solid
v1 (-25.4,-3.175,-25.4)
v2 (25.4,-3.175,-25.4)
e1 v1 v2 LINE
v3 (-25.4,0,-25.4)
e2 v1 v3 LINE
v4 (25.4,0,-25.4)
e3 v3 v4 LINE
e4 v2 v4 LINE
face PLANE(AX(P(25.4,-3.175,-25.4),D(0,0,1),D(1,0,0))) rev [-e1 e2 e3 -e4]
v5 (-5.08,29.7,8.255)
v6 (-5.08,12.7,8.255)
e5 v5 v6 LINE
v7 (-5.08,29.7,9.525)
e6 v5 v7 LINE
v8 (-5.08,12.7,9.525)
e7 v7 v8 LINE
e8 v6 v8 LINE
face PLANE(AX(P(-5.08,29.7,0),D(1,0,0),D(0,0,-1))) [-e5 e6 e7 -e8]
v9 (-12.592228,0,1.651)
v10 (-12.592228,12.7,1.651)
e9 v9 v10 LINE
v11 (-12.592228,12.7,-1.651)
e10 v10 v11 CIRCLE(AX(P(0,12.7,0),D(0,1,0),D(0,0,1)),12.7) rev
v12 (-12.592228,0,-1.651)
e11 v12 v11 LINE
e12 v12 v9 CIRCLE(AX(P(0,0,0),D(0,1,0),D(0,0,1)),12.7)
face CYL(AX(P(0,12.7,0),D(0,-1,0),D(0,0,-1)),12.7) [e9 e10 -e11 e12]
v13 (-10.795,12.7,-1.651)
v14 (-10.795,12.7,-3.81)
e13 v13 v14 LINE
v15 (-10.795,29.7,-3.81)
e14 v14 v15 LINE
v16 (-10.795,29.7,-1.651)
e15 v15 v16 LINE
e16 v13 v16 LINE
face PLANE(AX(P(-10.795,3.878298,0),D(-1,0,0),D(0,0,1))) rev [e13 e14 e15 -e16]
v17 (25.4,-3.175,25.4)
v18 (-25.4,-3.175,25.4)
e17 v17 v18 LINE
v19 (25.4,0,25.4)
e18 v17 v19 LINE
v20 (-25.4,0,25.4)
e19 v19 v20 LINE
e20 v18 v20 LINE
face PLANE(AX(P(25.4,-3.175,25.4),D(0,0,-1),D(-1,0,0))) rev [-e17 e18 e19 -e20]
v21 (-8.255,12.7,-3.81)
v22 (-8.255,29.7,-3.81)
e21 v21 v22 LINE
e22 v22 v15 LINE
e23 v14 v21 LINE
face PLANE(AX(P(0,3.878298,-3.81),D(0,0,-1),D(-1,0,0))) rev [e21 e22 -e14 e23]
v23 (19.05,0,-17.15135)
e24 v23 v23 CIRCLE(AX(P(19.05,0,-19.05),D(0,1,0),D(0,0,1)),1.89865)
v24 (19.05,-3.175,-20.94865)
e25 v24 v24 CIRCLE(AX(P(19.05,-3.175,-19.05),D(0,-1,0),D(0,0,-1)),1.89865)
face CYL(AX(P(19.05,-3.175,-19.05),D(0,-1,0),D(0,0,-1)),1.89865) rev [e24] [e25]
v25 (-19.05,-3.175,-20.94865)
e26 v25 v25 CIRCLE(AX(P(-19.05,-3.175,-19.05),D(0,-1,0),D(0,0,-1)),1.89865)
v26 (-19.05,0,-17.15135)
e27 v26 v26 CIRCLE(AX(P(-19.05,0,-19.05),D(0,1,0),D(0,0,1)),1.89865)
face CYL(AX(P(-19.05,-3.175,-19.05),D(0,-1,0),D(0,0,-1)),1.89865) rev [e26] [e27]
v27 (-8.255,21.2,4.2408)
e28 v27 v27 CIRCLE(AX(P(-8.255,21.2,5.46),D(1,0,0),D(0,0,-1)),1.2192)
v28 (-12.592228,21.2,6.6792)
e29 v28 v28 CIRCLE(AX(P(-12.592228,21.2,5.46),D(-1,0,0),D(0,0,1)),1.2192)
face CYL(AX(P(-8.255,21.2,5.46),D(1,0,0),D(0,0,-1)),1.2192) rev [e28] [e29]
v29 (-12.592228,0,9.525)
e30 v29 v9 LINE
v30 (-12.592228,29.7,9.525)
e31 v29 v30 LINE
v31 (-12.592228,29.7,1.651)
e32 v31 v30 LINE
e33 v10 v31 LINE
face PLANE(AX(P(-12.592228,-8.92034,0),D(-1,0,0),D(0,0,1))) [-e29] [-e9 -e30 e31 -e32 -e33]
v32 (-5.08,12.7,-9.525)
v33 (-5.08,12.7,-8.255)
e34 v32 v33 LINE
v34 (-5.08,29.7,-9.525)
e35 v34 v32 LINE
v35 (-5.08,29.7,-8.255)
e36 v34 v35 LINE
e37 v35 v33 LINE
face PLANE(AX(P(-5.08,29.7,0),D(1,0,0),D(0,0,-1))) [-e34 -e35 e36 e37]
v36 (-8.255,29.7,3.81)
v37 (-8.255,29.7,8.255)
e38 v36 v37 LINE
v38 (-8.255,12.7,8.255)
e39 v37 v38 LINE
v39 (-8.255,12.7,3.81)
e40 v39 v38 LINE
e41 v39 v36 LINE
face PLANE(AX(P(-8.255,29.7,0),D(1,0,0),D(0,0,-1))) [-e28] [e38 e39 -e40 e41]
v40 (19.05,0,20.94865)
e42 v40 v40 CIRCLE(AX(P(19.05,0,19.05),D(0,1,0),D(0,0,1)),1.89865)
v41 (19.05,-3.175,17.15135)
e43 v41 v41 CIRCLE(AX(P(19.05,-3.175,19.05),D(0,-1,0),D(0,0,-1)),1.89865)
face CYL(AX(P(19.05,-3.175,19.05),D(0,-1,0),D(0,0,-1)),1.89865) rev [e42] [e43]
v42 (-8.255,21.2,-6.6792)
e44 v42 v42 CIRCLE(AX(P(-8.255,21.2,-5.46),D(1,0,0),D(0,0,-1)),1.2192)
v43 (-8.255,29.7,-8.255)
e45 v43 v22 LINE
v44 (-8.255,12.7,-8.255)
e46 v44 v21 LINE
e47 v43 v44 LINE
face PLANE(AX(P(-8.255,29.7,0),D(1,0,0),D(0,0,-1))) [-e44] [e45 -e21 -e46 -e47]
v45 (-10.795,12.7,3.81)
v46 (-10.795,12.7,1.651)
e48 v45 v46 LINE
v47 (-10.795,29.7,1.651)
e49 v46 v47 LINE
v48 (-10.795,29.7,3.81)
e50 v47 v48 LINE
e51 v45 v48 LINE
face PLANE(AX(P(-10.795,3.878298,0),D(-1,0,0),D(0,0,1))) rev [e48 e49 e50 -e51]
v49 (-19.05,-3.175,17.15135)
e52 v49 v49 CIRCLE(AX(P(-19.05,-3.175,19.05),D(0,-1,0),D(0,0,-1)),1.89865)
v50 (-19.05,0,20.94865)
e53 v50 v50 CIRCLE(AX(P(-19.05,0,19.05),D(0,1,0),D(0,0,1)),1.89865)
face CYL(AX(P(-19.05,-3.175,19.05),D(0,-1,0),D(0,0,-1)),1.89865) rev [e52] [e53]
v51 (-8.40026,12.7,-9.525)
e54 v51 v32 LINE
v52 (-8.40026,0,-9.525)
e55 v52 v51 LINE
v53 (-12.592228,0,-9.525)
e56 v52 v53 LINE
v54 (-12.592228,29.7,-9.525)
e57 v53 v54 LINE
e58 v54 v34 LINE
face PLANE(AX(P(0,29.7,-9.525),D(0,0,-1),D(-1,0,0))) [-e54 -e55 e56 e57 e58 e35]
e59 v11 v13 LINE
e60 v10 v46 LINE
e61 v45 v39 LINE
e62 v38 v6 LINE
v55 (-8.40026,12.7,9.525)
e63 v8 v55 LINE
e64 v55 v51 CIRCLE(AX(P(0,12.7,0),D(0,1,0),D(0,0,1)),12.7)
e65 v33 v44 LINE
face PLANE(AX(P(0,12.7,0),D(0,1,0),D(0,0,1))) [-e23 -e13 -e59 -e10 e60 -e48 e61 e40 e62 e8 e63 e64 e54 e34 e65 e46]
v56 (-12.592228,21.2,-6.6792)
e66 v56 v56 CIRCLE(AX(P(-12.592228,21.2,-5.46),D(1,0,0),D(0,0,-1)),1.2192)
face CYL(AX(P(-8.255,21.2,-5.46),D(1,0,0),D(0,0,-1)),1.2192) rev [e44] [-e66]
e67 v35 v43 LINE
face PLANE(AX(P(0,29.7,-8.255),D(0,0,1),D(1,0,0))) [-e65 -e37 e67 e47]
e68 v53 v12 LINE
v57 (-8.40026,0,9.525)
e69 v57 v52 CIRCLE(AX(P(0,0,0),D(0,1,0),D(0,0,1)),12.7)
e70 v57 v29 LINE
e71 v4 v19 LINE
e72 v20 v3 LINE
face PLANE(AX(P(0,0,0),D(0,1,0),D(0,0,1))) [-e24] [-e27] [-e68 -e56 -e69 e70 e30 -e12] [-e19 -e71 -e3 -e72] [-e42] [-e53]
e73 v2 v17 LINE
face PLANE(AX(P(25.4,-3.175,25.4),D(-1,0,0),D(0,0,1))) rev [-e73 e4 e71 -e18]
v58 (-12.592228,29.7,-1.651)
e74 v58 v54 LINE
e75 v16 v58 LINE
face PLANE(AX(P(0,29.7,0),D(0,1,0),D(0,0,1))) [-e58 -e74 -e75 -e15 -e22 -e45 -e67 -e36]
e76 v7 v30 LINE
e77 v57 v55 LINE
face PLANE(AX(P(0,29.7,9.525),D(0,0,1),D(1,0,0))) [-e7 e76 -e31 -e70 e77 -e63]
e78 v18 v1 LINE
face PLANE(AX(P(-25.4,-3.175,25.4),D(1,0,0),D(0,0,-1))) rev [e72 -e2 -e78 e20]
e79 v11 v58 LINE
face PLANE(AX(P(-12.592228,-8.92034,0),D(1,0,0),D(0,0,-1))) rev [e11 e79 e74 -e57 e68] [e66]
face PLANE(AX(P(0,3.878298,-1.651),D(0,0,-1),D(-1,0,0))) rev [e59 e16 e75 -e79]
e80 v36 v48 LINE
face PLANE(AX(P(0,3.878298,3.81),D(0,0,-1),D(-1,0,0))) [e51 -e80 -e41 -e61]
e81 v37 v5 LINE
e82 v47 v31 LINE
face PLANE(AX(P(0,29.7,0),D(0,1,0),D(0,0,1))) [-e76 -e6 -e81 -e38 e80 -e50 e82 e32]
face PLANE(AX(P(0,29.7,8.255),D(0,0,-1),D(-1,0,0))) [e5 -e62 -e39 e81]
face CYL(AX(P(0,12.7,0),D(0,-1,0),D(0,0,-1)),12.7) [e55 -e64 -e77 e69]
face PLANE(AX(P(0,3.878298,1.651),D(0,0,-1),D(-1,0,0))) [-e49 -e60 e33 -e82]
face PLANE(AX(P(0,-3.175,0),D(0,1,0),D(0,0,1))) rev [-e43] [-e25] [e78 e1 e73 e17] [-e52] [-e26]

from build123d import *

# Parameters (mm, degrees)
SKETCH1_R                 = 12.7
BOSS_EXTRUDE1_DEPTH       = 12.7
BOSS_EXTRUDE2_DEPTH       = 17
CUT_EXTRUDE3_DEPTH        = 17
BOSS_EXTRUDE4_REACH       = 36.708
F_2_CLEARANCE_HOLE1_D     = 2.4384
F_2_CLEARANCE_HOLE1_DEPTH = 25.4
F_2_CLEARANCE_HOLE1_TIP   = 0.732569267
SKETCH14_W                = 50.8
SKETCH14_H                = 50.8
BOSS_EXTRUDE7_DEPTH       = 3.175
F_6_CLEARANCE_HOLE1_D     = 3.7973
F_6_CLEARANCE_HOLE1_DEPTH = 25.4
F_6_CLEARANCE_HOLE1_TIP   = 1.140824014


with BuildPart() as part:
    # Sketch1 → Boss-Extrude1 (new body)
    with BuildSketch(Plane(origin=(0, 0, 0), x_dir=(1, 0, 0), z_dir=(0, 1, 0))):
        with Locations(Location((0, 0, 0), (0, 0, 270))):
            Circle(SKETCH1_R)
    extrude(amount=BOSS_EXTRUDE1_DEPTH)

    # Sketch7 → Boss-Extrude2 (add)
    with BuildSketch(Plane(origin=(0, 12.7, 0), x_dir=(1, 0, 0), z_dir=(0, 1, 0))):
        with BuildLine():
            ThreePointArc((-8.400260413, 9.525), (-11.575260413, 5.225260413), (-12.7, 0))
            ThreePointArc((-12.7, 0), (-11.575260413, -5.225260413), (-8.400260413, -9.525))
            Line((-8.400260413, -9.525), (-5.08, -9.525))
            Line((-5.08, -9.525), (-5.08, -8.255))
            Line((-5.08, -8.255), (-8.255, -8.255))
            Line((-8.255, -8.255), (-8.255, 8.255))
            Line((-8.255, 8.255), (-5.08, 8.255))
            Line((-5.08, 8.255), (-5.08, 9.525))
            Line((-5.08, 9.525), (-8.400260413, 9.525))
        make_face()
    extrude(amount=BOSS_EXTRUDE2_DEPTH)

    # Sketch8 → Cut-Extrude3 (cut)
    with BuildSketch(Plane(origin=(0, 29.7, 0), x_dir=(1, 0, 0), z_dir=(0, 1, 0))):
        Polygon((-8.255, -3.81), (-8.255, 3.81), (-10.795, 3.81), (-10.795, 1.651), (-12.7, 1.651), (-12.7, -1.651), (-10.795, -1.651), (-10.795, -3.81), align=None)
    extrude(amount=-CUT_EXTRUDE3_DEPTH, mode=Mode.SUBTRACT)

    # Boss-Extrude4: up to this face of the body (flat: up to its plane)
    boss_extrude4_end = Plane(part.part.faces().sort_by_distance((0, 0, 0))[0])
    # Sketch13 → Boss-Extrude4 (add, up to the picked face)
    with BuildSketch(Plane(origin=(0, 29.7, 0), x_dir=(1, 0, 0), z_dir=(0, 1, 0)), mode=Mode.PRIVATE) as boss_extrude4_sk1:
        with BuildLine():
            Line((-12.592227722, 1.651), (-12.592227722, 9.525))
            Line((-12.592227722, 9.525), (-8.400260413, 9.525))
            ThreePointArc((-8.400260413, 9.525), (-11.210312597, 5.968156456), (-12.592227722, 1.651))
        make_face()
    boss_extrude4_tool1 = split(extrude(boss_extrude4_sk1.sketch, amount=-BOSS_EXTRUDE4_REACH, mode=Mode.PRIVATE), bisect_by=boss_extrude4_end, keep=Keep.BOTH, mode=Mode.PRIVATE)
    # Sketch13 → Boss-Extrude4 (add, up to the picked face)
    with BuildSketch(Plane(origin=(0, 29.7, 0), x_dir=(1, 0, 0), z_dir=(0, 1, 0)), mode=Mode.PRIVATE) as boss_extrude4_sk2:
        with BuildLine():
            Line((-12.592227722, -1.651), (-12.592227722, -9.525))
            Line((-12.592227722, -9.525), (-8.400260413, -9.525))
            ThreePointArc((-8.400260413, -9.525), (-11.210312597, -5.968156456), (-12.592227722, -1.651))
        make_face()
    boss_extrude4_tool2 = split(extrude(boss_extrude4_sk2.sketch, amount=-BOSS_EXTRUDE4_REACH, mode=Mode.PRIVATE), bisect_by=boss_extrude4_end, keep=Keep.BOTH, mode=Mode.PRIVATE)
    add(boss_extrude4_tool1.solids().sort_by(Axis((-11.366083, 29.7, -7.381946), (0, -1, 0)))[0])
    add(boss_extrude4_tool2.solids().sort_by(Axis((-11.366083, 29.7, 7.381946), (0, -1, 0)))[0])

    # #2 Clearance Hole1
    with Locations(Plane(origin=(-8.255, 0, 0), x_dir=(0, 0, -1), z_dir=(1, 0, 0))):
        with Locations((-5.46, 21.2), (5.46, 21.2)):
            Hole(F_2_CLEARANCE_HOLE1_D / 2, depth=F_2_CLEARANCE_HOLE1_DEPTH)
            with Locations((0, 0, -(F_2_CLEARANCE_HOLE1_DEPTH + F_2_CLEARANCE_HOLE1_TIP / 2))):  # 118° drill point
                Cone(0, F_2_CLEARANCE_HOLE1_D / 2, F_2_CLEARANCE_HOLE1_TIP, mode=Mode.SUBTRACT)

    # Sketch14 → Boss-Extrude7 (add)
    with BuildSketch(Plane.XZ):
        Rectangle(SKETCH14_W, SKETCH14_H)
    extrude(amount=BOSS_EXTRUDE7_DEPTH)

    # #6 Clearance Hole1
    with Locations(Plane(origin=(0, -3.175, 0), x_dir=(-1, 0, 0), z_dir=(0, -1, 0))):
        with Locations((19.05, -19.05), (-19.05, -19.05), (-19.05, 19.05), (19.05, 19.05)):
            Hole(F_6_CLEARANCE_HOLE1_D / 2, depth=F_6_CLEARANCE_HOLE1_DEPTH)
            with Locations((0, 0, -(F_6_CLEARANCE_HOLE1_DEPTH + F_6_CLEARANCE_HOLE1_TIP / 2))):  # 118° drill point
                Cone(0, F_6_CLEARANCE_HOLE1_D / 2, F_6_CLEARANCE_HOLE1_TIP, mode=Mode.SUBTRACT)


solid = part.part
